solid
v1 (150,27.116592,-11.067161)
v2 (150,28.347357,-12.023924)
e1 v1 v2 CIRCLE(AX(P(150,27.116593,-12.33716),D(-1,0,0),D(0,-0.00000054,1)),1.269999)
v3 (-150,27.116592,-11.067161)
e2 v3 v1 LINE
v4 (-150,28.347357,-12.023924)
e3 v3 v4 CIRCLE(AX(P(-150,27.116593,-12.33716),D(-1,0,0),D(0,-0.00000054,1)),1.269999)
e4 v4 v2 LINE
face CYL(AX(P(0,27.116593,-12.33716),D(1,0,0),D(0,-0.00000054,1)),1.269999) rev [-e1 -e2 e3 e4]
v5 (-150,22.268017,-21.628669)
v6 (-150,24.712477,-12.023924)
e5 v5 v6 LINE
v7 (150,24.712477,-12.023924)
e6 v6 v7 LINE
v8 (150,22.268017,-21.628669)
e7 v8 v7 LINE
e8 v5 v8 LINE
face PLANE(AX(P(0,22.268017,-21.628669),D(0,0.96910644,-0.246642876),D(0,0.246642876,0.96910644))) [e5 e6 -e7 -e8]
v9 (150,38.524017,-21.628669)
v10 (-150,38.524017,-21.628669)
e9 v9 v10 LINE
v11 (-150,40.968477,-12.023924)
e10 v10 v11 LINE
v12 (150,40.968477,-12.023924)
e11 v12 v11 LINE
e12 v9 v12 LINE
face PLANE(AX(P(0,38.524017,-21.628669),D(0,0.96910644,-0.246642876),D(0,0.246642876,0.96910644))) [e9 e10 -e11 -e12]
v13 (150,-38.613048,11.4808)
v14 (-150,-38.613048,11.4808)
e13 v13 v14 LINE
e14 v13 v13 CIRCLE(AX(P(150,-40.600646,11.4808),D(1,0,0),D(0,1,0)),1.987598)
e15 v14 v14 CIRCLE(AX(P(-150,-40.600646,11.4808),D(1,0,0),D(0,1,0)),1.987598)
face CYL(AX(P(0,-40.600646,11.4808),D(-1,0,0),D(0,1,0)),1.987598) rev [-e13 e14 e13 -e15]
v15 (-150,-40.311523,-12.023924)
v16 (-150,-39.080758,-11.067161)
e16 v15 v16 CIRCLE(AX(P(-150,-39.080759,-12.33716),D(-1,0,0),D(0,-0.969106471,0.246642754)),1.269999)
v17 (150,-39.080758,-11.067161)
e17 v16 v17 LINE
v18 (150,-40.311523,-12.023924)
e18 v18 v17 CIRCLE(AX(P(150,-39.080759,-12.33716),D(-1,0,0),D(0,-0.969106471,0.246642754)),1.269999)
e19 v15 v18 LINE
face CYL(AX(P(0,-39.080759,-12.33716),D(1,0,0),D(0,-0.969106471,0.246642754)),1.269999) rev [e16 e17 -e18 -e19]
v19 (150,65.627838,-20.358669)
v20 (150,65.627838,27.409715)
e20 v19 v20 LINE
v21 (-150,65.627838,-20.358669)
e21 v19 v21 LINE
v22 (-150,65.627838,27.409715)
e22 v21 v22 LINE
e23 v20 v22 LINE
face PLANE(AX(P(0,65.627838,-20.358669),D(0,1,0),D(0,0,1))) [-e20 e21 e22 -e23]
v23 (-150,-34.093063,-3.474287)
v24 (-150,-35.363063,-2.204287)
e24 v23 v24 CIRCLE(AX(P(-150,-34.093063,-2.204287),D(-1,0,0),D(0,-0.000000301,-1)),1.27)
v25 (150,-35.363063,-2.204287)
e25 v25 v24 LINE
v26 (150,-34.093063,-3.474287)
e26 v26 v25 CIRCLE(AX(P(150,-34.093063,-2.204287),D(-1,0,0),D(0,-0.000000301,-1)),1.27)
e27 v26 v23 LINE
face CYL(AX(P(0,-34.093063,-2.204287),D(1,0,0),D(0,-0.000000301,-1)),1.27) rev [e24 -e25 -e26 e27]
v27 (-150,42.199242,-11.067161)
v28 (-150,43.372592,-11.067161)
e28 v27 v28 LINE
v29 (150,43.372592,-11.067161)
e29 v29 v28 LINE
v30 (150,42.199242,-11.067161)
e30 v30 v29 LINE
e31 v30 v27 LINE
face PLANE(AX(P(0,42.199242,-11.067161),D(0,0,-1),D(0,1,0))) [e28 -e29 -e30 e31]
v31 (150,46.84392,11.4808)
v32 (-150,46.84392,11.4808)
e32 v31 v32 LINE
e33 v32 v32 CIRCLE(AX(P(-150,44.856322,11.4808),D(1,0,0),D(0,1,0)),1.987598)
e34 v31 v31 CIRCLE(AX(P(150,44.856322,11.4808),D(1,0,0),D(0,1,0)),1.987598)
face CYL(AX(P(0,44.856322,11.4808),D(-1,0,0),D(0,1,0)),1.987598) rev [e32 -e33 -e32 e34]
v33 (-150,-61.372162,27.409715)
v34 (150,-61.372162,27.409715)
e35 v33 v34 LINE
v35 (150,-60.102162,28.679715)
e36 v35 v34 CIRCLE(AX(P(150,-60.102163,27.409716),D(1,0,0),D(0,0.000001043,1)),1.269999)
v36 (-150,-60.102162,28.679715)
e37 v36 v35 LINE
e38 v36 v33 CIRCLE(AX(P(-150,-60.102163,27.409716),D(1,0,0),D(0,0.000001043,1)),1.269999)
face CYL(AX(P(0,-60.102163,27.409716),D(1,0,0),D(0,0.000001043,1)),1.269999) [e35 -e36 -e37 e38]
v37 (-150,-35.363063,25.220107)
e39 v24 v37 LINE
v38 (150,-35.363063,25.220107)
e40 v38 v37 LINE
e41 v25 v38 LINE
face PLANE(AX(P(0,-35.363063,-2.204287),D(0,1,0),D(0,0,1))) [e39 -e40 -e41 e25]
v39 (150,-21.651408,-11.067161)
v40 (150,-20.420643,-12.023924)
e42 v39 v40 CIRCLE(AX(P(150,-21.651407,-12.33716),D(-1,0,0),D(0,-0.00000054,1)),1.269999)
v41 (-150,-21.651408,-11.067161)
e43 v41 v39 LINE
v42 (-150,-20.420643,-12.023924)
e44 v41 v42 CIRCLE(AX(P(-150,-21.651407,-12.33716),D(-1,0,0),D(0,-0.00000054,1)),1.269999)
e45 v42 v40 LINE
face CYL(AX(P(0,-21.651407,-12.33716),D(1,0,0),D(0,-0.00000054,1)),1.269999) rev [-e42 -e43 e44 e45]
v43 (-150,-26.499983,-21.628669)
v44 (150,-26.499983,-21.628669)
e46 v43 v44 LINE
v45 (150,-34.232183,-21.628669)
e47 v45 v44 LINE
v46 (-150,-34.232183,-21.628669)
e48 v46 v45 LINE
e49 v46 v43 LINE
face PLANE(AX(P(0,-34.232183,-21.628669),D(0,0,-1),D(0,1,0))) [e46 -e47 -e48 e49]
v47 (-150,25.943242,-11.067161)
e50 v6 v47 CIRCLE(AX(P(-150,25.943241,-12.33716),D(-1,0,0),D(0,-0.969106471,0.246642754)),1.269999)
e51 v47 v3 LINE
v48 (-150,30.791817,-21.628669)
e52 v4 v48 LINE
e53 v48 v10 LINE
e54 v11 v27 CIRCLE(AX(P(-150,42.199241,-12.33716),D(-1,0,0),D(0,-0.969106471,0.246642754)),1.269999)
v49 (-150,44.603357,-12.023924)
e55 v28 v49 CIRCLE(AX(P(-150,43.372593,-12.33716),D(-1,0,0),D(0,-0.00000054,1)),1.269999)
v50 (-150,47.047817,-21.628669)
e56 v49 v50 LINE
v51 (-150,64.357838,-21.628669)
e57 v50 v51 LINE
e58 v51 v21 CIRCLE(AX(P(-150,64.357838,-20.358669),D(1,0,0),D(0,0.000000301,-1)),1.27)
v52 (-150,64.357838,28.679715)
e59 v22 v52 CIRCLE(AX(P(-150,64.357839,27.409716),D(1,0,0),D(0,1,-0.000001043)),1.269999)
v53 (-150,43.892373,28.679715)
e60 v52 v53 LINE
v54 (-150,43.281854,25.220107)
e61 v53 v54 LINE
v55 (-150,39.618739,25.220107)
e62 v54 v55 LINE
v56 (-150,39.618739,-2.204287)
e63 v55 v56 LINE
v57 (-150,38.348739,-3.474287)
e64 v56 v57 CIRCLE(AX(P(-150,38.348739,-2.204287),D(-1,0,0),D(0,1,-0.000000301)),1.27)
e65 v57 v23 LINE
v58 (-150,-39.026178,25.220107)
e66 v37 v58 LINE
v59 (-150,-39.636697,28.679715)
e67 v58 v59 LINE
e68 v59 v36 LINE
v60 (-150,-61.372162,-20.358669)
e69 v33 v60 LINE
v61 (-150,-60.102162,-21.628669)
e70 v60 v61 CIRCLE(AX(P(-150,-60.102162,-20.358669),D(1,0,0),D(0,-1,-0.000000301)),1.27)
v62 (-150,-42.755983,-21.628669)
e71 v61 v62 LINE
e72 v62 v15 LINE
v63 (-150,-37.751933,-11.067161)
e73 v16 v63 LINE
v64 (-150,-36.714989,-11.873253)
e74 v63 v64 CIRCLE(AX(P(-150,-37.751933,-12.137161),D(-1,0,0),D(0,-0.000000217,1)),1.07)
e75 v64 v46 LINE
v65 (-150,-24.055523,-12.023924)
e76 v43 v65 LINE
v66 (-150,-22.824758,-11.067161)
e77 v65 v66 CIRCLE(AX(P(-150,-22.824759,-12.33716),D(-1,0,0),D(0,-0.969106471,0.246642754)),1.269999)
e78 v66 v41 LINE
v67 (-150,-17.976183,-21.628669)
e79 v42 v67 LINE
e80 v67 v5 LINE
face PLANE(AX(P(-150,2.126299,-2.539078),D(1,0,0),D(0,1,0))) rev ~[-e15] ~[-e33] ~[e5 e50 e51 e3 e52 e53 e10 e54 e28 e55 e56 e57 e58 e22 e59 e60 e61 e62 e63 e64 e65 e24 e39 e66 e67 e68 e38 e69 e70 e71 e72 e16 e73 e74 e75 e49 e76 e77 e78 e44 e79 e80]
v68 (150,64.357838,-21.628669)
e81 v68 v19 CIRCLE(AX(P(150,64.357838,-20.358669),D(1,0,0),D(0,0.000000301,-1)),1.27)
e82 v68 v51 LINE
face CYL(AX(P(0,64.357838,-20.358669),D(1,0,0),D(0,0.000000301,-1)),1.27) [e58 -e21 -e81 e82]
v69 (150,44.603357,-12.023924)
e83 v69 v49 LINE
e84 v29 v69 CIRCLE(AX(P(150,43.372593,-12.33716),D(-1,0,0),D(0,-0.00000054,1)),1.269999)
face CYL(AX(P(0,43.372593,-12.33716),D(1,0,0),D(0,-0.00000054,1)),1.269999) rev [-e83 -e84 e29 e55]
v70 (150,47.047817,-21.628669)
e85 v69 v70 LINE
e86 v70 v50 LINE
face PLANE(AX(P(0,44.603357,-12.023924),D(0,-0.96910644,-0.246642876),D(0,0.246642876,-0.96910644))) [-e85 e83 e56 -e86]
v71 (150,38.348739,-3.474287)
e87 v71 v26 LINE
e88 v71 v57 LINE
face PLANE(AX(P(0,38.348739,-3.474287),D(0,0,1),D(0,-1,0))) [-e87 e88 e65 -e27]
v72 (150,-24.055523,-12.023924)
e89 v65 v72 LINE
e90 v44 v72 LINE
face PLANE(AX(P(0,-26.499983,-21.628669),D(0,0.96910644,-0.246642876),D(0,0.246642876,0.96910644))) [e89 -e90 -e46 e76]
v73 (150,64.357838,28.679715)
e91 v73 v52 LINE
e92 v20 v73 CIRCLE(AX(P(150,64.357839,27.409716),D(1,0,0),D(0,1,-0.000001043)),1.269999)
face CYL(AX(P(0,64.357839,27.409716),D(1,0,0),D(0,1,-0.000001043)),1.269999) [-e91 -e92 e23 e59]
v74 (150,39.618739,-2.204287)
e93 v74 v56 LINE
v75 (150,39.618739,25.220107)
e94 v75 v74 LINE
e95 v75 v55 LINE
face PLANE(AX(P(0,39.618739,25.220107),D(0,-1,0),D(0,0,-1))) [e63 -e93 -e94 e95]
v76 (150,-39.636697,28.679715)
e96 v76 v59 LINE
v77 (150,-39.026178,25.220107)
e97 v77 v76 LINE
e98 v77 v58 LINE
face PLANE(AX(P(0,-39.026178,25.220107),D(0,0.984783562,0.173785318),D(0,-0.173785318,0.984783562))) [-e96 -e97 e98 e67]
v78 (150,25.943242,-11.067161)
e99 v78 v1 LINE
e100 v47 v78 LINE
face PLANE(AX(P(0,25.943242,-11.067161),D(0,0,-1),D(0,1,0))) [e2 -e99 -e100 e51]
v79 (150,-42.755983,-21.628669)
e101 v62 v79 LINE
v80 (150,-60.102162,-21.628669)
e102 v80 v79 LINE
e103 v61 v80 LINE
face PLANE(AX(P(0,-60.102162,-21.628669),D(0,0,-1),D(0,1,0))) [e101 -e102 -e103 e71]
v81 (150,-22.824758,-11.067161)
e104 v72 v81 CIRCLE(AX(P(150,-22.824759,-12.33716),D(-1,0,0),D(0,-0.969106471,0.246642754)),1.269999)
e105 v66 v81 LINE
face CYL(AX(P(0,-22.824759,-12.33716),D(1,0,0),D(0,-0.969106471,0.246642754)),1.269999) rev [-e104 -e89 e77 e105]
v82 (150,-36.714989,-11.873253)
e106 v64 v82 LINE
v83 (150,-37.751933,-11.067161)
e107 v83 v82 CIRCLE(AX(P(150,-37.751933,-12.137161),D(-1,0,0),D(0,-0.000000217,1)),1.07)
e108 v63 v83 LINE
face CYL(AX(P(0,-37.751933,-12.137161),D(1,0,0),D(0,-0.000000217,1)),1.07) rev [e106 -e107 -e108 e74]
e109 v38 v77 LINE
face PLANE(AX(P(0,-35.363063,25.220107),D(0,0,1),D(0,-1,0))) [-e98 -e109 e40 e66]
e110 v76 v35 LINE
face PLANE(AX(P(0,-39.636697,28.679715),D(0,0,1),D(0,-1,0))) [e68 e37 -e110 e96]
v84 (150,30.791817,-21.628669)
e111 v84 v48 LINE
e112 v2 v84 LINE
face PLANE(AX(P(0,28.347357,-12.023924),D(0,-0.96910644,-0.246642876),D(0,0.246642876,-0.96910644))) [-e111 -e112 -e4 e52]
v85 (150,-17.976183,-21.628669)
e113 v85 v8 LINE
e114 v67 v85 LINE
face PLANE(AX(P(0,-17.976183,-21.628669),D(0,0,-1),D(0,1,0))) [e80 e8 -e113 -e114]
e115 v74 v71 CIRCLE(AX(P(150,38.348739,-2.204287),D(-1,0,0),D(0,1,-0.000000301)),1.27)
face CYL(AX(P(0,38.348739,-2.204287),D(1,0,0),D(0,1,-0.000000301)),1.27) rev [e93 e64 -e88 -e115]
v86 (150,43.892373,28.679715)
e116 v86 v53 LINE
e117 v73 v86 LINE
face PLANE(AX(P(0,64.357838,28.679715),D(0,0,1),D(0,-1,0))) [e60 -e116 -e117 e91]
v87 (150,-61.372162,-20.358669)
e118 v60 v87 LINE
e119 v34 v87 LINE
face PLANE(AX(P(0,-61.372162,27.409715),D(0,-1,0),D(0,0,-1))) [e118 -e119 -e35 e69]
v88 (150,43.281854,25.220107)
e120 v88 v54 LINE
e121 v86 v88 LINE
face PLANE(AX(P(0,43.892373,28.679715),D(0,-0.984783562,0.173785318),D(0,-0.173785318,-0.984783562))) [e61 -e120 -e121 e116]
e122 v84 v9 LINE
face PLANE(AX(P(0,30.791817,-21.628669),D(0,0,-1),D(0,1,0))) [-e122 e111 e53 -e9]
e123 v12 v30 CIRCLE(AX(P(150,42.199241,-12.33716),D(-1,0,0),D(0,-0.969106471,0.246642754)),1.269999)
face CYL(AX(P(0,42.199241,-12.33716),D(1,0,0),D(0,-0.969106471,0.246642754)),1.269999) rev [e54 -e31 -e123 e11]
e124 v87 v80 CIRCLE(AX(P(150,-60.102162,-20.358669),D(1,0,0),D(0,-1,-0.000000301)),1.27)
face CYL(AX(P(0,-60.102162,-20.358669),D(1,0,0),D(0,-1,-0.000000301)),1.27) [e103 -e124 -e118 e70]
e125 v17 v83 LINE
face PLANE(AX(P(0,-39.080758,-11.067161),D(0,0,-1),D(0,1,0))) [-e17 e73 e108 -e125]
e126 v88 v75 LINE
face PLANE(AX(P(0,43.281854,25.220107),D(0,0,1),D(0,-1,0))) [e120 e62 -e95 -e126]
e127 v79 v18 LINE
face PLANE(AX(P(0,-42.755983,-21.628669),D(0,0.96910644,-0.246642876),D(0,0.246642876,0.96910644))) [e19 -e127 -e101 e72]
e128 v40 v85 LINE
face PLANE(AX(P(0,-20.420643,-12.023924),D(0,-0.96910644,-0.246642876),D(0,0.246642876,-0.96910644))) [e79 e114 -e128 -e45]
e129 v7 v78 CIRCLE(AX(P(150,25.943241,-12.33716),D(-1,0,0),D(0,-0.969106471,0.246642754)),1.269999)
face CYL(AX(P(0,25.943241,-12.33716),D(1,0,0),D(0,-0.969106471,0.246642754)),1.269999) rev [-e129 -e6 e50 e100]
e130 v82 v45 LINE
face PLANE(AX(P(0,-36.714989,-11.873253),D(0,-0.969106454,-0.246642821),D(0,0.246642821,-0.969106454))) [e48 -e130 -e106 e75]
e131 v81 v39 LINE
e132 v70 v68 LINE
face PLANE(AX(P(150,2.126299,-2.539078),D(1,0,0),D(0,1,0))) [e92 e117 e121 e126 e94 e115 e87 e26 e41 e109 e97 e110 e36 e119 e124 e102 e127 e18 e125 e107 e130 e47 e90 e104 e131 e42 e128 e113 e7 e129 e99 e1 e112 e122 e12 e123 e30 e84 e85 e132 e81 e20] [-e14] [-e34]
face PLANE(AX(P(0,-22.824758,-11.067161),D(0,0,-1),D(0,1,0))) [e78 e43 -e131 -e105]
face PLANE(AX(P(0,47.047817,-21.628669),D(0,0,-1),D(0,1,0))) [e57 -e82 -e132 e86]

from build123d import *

# Parameters (mm, degrees)
F0_R     = 1.987598
F1_DEPTH = 150


with BuildPart() as f1:
    # F0 (on Right) → F1 (new body, symmetric)
    with BuildSketch(Plane.YZ):
        with BuildLine():
            Line((-39.636697, 28.679715), (-60.102162, 28.679715))
            ThreePointArc((-60.102162, 28.679715), (-61.000188, 28.307741), (-61.372162, 27.409715))
            Line((-61.372162, 27.409715), (-61.372162, 25.519416))
            Line((-61.372162, 25.519416), (-61.372162, 15.414117))
            Line((-61.372162, 15.414117), (-61.372162, 9.009416))
            Line((-61.372162, 9.009416), (-61.372162, -1.095883))
            Line((-61.372162, -1.095883), (-61.372162, -7.500584))
            Line((-61.372162, -7.500584), (-61.372162, -17.605883))
            Line((-61.372162, -17.605883), (-61.372162, -20.358669))
            ThreePointArc((-61.372162, -20.358669), (-61.000188, -21.256694), (-60.102162, -21.628669))
            Line((-60.102162, -21.628669), (-42.755983, -21.628669))
            Line((-42.755983, -21.628669), (-40.311523, -12.023924))
            ThreePointArc((-40.311523, -12.023924), (-39.86021, -11.334487), (-39.080758, -11.067161))
            Line((-39.080758, -11.067161), (-37.751933, -11.067161))
            ThreePointArc((-37.751933, -11.067161), (-37.09523, -11.292388), (-36.714989, -11.873253))
            Line((-36.714989, -11.873253), (-34.232183, -21.628669))
            Line((-34.232183, -21.628669), (-26.499983, -21.628669))
            Line((-26.499983, -21.628669), (-24.055523, -12.023924))
            ThreePointArc((-24.055523, -12.023924), (-23.60421, -11.334487), (-22.824758, -11.067161))
            Line((-22.824758, -11.067161), (-21.651408, -11.067161))
            ThreePointArc((-21.651408, -11.067161), (-20.871956, -11.334487), (-20.420643, -12.023924))
            Line((-20.420643, -12.023924), (-17.976183, -21.628669))
            Line((-17.976183, -21.628669), (22.268017, -21.628669))
            Line((22.268017, -21.628669), (24.712477, -12.023924))
            ThreePointArc((24.712477, -12.023924), (25.16379, -11.334487), (25.943242, -11.067161))
            Line((25.943242, -11.067161), (27.116592, -11.067161))
            ThreePointArc((27.116592, -11.067161), (27.896044, -11.334487), (28.347357, -12.023924))
            Line((28.347357, -12.023924), (30.791817, -21.628669))
            Line((30.791817, -21.628669), (38.524017, -21.628669))
            Line((38.524017, -21.628669), (40.968477, -12.023924))
            ThreePointArc((40.968477, -12.023924), (41.41979, -11.334487), (42.199242, -11.067161))
            Line((42.199242, -11.067161), (43.372592, -11.067161))
            ThreePointArc((43.372592, -11.067161), (44.152044, -11.334487), (44.603357, -12.023924))
            Line((44.603357, -12.023924), (47.047817, -21.628669))
            Line((47.047817, -21.628669), (64.357838, -21.628669))
            ThreePointArc((64.357838, -21.628669), (65.255864, -21.256694), (65.627838, -20.358669))
            Line((65.627838, -20.358669), (65.627838, -17.605883))
            Line((65.627838, -17.605883), (65.627838, -7.500584))
            Line((65.627838, -7.500584), (65.627838, -1.095883))
            Line((65.627838, -1.095883), (65.627838, 9.009416))
            Line((65.627838, 9.009416), (65.627838, 15.414117))
            Line((65.627838, 15.414117), (65.627838, 25.519416))
            Line((65.627838, 25.519416), (65.627838, 27.409715))
            ThreePointArc((65.627838, 27.409715), (65.255864, 28.307741), (64.357838, 28.679715))
            Line((64.357838, 28.679715), (43.892373, 28.679715))
            Line((43.892373, 28.679715), (43.281854, 25.220107))
            Line((43.281854, 25.220107), (39.618739, 25.220107))
            Line((39.618739, 25.220107), (39.618739, -2.204287))
            ThreePointArc((39.618739, -2.204287), (39.246764, -3.102313), (38.348739, -3.474287))
            Line((38.348739, -3.474287), (2.127838, -3.474287))
            Line((2.127838, -3.474287), (-34.093063, -3.474287))
            ThreePointArc((-34.093063, -3.474287), (-34.991088, -3.102313), (-35.363063, -2.204287))
            Line((-35.363063, -2.204287), (-35.363063, 25.220107))
            Line((-35.363063, 25.220107), (-39.026178, 25.220107))
            Line((-39.026178, 25.220107), (-39.636697, 28.679715))
        make_face()
        with Locations((-40.600646, 11.4808)):
            Circle(F0_R, mode=Mode.SUBTRACT)
        with Locations((44.856322, 11.4808)):
            Circle(F0_R, mode=Mode.SUBTRACT)
    extrude(amount=F1_DEPTH, both=True)


solid = f1.part
